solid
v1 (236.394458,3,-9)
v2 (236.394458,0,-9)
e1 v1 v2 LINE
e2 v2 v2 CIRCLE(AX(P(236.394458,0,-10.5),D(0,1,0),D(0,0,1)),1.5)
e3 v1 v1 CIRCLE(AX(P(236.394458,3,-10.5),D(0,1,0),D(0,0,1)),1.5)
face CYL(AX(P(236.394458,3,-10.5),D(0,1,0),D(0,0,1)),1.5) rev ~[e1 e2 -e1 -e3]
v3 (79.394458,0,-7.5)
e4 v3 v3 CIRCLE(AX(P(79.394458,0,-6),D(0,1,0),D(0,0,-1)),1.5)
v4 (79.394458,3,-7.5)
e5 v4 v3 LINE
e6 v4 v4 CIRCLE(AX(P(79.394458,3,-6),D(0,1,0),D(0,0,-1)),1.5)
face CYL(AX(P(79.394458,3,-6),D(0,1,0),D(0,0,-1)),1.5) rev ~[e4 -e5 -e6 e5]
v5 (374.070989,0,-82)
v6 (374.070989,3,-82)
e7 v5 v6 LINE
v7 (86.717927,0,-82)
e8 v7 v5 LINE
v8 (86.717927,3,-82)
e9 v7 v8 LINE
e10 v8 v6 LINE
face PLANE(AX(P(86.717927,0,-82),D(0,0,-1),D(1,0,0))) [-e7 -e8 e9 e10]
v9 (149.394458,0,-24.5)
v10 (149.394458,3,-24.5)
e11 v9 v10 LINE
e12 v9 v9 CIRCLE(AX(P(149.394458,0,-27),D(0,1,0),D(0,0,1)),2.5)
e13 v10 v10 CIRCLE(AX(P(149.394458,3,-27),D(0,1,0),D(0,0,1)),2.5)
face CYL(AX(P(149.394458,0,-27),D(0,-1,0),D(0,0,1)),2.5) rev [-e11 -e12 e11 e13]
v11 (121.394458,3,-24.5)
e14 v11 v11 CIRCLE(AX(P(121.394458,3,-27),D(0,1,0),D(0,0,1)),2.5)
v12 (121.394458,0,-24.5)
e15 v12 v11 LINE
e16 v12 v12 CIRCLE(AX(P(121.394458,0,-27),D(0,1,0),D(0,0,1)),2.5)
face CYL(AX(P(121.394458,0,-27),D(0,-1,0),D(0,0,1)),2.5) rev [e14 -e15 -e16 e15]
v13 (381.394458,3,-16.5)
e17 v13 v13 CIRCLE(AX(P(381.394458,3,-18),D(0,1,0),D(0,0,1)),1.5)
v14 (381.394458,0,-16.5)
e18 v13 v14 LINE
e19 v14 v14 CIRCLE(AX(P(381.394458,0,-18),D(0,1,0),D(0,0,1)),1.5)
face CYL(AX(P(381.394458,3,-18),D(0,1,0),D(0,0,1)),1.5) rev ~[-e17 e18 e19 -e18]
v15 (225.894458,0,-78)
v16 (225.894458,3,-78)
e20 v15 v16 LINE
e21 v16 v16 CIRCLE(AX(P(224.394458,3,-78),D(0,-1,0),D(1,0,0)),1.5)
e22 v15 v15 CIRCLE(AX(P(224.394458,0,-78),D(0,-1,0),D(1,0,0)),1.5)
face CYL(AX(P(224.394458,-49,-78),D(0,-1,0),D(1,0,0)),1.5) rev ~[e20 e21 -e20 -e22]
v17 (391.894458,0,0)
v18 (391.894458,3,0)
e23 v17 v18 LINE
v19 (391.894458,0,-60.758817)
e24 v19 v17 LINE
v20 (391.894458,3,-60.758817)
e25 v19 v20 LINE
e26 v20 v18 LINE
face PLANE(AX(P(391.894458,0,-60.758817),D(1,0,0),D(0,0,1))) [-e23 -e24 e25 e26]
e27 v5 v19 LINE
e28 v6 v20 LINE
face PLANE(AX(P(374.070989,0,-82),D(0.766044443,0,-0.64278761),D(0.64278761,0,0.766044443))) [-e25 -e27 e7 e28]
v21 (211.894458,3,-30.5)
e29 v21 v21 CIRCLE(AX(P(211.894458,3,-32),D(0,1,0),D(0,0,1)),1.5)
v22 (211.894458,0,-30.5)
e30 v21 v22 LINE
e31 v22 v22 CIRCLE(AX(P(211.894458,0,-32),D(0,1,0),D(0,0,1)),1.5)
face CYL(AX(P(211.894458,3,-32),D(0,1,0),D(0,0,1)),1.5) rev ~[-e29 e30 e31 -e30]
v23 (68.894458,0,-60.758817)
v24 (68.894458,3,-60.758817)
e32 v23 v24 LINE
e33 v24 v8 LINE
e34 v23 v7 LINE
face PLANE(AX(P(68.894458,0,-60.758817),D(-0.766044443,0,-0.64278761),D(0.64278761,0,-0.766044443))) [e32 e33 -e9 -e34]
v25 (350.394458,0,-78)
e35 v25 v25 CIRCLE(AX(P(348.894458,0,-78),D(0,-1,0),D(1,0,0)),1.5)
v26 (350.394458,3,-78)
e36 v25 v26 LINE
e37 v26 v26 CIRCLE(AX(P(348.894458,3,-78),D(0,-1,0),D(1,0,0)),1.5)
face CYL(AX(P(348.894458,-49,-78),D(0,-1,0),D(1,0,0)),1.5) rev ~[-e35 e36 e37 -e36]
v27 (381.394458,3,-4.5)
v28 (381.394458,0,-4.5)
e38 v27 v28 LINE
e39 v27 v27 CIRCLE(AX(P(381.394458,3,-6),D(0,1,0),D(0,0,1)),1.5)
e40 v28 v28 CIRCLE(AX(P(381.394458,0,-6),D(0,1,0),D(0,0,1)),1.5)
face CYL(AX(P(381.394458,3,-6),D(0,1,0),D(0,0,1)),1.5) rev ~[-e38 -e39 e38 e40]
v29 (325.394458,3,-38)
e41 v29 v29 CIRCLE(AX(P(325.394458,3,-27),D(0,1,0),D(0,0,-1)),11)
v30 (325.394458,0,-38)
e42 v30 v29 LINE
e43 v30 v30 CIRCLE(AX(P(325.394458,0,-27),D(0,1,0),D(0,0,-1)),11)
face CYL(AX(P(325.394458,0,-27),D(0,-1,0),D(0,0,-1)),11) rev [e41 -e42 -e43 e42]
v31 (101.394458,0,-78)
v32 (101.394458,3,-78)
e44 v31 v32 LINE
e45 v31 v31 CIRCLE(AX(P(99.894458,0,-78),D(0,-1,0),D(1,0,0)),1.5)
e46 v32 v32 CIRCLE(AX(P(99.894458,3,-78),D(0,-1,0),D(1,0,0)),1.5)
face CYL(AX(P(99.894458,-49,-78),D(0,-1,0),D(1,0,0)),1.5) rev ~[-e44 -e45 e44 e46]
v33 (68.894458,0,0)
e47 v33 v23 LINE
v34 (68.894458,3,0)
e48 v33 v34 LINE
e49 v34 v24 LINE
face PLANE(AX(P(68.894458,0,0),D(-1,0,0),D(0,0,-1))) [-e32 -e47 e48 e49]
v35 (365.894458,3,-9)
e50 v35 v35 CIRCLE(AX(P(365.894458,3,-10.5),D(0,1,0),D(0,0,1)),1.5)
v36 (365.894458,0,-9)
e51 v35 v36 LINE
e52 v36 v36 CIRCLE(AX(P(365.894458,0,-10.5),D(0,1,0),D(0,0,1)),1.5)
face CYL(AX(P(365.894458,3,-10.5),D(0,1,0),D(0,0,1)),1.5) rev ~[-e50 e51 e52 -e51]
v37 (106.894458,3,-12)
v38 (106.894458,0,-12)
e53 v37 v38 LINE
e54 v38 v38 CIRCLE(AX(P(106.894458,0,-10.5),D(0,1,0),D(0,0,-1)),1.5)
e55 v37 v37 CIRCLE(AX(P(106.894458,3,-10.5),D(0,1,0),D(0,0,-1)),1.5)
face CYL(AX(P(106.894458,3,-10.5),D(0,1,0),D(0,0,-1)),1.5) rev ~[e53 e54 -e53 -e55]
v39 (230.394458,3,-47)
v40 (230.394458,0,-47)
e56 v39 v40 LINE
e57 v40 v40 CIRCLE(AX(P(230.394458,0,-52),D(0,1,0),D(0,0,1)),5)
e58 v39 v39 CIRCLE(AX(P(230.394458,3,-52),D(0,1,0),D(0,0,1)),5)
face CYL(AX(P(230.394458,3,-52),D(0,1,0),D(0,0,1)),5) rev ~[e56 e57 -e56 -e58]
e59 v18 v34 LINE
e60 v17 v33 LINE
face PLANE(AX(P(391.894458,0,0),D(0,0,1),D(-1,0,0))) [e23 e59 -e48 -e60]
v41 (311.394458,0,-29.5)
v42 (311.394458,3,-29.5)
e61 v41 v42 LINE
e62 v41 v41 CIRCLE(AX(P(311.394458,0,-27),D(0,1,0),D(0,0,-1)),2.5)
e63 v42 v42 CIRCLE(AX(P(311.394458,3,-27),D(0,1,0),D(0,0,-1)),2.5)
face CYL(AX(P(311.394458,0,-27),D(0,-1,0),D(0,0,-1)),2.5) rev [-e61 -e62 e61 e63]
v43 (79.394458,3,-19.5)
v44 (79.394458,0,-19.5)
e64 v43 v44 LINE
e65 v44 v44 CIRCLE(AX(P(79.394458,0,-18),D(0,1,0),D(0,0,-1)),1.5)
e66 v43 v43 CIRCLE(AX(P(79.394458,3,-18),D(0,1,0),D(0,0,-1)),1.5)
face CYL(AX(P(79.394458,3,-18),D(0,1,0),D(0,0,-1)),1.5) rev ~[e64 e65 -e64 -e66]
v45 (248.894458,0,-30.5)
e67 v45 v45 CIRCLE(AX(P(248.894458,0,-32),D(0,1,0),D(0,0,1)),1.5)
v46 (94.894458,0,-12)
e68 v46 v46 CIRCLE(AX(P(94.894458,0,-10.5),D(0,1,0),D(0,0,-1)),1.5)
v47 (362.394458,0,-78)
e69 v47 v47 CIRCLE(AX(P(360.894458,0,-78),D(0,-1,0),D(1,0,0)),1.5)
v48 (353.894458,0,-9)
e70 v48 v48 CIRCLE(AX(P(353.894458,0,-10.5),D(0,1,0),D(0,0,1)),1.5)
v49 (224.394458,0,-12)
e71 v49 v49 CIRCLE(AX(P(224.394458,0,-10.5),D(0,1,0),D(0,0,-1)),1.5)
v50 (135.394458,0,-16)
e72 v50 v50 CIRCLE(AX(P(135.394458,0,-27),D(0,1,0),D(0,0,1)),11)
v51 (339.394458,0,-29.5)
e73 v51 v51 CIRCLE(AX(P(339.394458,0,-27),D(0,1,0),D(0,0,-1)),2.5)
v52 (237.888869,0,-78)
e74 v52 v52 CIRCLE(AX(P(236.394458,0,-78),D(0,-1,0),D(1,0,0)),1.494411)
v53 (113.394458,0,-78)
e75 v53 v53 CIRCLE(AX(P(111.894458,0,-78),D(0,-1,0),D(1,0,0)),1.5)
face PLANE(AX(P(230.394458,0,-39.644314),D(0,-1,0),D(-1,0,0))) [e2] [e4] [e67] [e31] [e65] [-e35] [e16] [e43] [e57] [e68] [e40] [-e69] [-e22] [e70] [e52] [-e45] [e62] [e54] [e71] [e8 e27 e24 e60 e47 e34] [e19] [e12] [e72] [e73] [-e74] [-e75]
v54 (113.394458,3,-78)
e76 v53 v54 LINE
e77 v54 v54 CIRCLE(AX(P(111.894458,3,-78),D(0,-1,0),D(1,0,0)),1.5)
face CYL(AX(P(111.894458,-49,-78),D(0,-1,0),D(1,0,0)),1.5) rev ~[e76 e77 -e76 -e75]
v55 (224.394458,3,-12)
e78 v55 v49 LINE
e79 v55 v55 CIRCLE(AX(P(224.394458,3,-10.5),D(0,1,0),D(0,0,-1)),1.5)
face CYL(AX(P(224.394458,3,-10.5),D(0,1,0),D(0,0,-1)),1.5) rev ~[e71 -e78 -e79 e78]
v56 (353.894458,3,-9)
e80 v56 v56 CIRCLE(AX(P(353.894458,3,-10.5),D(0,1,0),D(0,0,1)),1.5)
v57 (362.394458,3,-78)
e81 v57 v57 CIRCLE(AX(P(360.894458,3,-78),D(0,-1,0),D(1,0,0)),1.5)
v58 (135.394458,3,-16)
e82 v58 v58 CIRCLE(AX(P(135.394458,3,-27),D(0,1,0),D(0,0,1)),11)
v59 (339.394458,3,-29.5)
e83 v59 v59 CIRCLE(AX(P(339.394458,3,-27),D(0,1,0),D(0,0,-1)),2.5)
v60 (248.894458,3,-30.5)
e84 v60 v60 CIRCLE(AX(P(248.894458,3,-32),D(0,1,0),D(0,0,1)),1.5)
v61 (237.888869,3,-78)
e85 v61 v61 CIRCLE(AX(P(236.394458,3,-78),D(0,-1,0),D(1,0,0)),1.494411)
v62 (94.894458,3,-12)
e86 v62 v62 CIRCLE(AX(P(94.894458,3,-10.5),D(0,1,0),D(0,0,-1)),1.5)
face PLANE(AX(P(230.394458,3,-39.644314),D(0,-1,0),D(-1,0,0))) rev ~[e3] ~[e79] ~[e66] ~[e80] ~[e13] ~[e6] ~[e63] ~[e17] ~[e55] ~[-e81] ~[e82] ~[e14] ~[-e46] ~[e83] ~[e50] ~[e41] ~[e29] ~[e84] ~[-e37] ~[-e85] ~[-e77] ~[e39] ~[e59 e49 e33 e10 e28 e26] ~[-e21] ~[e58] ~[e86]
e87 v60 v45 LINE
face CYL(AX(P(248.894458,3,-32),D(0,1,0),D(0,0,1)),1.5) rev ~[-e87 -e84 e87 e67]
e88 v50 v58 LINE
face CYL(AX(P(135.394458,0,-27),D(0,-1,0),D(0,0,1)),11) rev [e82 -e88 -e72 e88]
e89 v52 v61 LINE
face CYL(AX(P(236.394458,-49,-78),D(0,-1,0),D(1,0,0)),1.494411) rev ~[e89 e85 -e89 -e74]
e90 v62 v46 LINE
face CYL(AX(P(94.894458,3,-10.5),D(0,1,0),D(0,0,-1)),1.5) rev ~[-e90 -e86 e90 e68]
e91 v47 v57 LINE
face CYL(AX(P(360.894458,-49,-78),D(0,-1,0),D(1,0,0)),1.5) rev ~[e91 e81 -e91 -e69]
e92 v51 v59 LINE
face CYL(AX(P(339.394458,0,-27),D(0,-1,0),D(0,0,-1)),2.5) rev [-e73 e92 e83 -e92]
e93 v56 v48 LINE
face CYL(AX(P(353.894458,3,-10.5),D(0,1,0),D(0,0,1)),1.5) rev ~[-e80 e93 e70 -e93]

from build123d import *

# Parameters (mm, degrees)
SKETCH_1_R          = 11
SKETCH_1_R_2        = 2.5
EXTRUDE_1_DEPTH     = 3
SKETCH_2_R          = 1.5
CUT_EXTRUDE_1_DEPTH = 401.392640069
SKETCH_3_R          = 1.5
CUT_EXTRUDE_2_DEPTH = 10
SKETCH_4_R          = 1.494410779
SKETCH_4_R_2        = 1.5
CUT_EXTRUDE_3_DEPTH = 615.946278901
SKETCH_6_R          = 5
CUT_EXTRUDE_5_DEPTH = 401.392640069


with BuildPart() as part:
    # 草图1 → 凸台-拉伸1 (new body)
    with BuildSketch(Plane(origin=(0, 0, 0), x_dir=(1, 0, 0), z_dir=(0, 1, 0))):
        Polygon((68.894458013, 60.758817204), (86.717926663, 82), (374.070989363, 82), (391.894458013, 60.758817204), (391.894458013, 0), (68.894458013, 0), align=None)
        with Locations(Location((135.394458013, 27, 0), (0, 0, 270))):
            Circle(SKETCH_1_R, mode=Mode.SUBTRACT)
        with Locations(Location((311.394458013, 27, 0), (0, 0, 90))):
            Circle(SKETCH_1_R_2, mode=Mode.SUBTRACT)
        with Locations(Location((339.394458013, 27, 0), (0, 0, 90))):
            Circle(SKETCH_1_R_2, mode=Mode.SUBTRACT)
        with Locations(Location((325.394458013, 27, 0), (0, 0, 90))):
            Circle(SKETCH_1_R, mode=Mode.SUBTRACT)
        with Locations(Location((121.394458013, 27, 0), (0, 0, 270))):
            Circle(SKETCH_1_R_2, mode=Mode.SUBTRACT)
        with Locations(Location((149.394458013, 27, 0), (0, 0, 270))):
            Circle(SKETCH_1_R_2, mode=Mode.SUBTRACT)
    extrude(amount=EXTRUDE_1_DEPTH)

    # 草图2 → 切除-拉伸1 (cut, through all)
    with BuildSketch(Plane(origin=(0, 3, 0), x_dir=(1, 0, 0), z_dir=(0, 1, 0))):
        with Locations(Location((236.394458013, 10.5, 0), (0, 0, 270))):
            Circle(SKETCH_2_R)
        with Locations(Location((353.894458013, 10.5, 0), (0, 0, 270))):
            Circle(SKETCH_2_R)
        with Locations(Location((365.894458013, 10.5, 0), (0, 0, 270))):
            Circle(SKETCH_2_R)
        with Locations(Location((381.394458013, 6, 0), (0, 0, 270))):
            Circle(SKETCH_2_R)
        with Locations(Location((381.394458013, 18, 0), (0, 0, 270))):
            Circle(SKETCH_2_R)
        with Locations(Location((79.394458013, 18, 0), (0, 0, 90))):
            Circle(SKETCH_2_R)
        with Locations(Location((79.394458013, 6, 0), (0, 0, 90))):
            Circle(SKETCH_2_R)
        with Locations(Location((94.894458013, 10.5, 0), (0, 0, 90))):
            Circle(SKETCH_2_R)
        with Locations(Location((106.894458013, 10.5, 0), (0, 0, 90))):
            Circle(SKETCH_2_R)
        with Locations(Location((224.394458013, 10.5, 0), (0, 0, 90))):
            Circle(SKETCH_2_R)
    extrude(amount=-CUT_EXTRUDE_1_DEPTH, mode=Mode.SUBTRACT)

    # 草图3 → 切除-拉伸2 (cut)
    with BuildSketch(Plane(origin=(0, 3, 0), x_dir=(1, 0, 0), z_dir=(0, 1, 0))):
        with Locations(Location((248.894458013, 32, 0), (0, 0, 270))):
            Circle(SKETCH_3_R)
        with Locations(Location((211.894458013, 32, 0), (0, 0, 270))):
            Circle(SKETCH_3_R)
    extrude(amount=-CUT_EXTRUDE_2_DEPTH, mode=Mode.SUBTRACT)

    # 草图4 → 切除-拉伸3 (cut, through all)
    with BuildSketch(Plane(origin=(-213.132295014, -49, -96.940982333), x_dir=(1, 0, 0), z_dir=(0, -1, 0))):
        with Locations((449.526753027, 18.940982333)):
            Circle(SKETCH_4_R)
        with Locations((437.526753027, 18.940982333)):
            Circle(SKETCH_4_R_2)
        with Locations((562.026753027, 18.940982333)):
            Circle(SKETCH_4_R_2)
        with Locations((574.026753027, 18.940982333)):
            Circle(SKETCH_4_R_2)
        with Locations((325.026753027, 18.940982333)):
            Circle(SKETCH_4_R_2)
        with Locations((313.026753027, 18.940982333)):
            Circle(SKETCH_4_R_2)
    extrude(amount=-CUT_EXTRUDE_3_DEPTH, mode=Mode.SUBTRACT)

    # 草图6 → 切除-拉伸5 (cut, through all)
    with BuildSketch(Plane(origin=(0, 3, 0), x_dir=(1, 0, 0), z_dir=(0, 1, 0))):
        with Locations(Location((230.394458013, 52, 0), (0, 0, 270))):
            Circle(SKETCH_6_R)
    extrude(amount=-CUT_EXTRUDE_5_DEPTH, mode=Mode.SUBTRACT)


solid = part.part
